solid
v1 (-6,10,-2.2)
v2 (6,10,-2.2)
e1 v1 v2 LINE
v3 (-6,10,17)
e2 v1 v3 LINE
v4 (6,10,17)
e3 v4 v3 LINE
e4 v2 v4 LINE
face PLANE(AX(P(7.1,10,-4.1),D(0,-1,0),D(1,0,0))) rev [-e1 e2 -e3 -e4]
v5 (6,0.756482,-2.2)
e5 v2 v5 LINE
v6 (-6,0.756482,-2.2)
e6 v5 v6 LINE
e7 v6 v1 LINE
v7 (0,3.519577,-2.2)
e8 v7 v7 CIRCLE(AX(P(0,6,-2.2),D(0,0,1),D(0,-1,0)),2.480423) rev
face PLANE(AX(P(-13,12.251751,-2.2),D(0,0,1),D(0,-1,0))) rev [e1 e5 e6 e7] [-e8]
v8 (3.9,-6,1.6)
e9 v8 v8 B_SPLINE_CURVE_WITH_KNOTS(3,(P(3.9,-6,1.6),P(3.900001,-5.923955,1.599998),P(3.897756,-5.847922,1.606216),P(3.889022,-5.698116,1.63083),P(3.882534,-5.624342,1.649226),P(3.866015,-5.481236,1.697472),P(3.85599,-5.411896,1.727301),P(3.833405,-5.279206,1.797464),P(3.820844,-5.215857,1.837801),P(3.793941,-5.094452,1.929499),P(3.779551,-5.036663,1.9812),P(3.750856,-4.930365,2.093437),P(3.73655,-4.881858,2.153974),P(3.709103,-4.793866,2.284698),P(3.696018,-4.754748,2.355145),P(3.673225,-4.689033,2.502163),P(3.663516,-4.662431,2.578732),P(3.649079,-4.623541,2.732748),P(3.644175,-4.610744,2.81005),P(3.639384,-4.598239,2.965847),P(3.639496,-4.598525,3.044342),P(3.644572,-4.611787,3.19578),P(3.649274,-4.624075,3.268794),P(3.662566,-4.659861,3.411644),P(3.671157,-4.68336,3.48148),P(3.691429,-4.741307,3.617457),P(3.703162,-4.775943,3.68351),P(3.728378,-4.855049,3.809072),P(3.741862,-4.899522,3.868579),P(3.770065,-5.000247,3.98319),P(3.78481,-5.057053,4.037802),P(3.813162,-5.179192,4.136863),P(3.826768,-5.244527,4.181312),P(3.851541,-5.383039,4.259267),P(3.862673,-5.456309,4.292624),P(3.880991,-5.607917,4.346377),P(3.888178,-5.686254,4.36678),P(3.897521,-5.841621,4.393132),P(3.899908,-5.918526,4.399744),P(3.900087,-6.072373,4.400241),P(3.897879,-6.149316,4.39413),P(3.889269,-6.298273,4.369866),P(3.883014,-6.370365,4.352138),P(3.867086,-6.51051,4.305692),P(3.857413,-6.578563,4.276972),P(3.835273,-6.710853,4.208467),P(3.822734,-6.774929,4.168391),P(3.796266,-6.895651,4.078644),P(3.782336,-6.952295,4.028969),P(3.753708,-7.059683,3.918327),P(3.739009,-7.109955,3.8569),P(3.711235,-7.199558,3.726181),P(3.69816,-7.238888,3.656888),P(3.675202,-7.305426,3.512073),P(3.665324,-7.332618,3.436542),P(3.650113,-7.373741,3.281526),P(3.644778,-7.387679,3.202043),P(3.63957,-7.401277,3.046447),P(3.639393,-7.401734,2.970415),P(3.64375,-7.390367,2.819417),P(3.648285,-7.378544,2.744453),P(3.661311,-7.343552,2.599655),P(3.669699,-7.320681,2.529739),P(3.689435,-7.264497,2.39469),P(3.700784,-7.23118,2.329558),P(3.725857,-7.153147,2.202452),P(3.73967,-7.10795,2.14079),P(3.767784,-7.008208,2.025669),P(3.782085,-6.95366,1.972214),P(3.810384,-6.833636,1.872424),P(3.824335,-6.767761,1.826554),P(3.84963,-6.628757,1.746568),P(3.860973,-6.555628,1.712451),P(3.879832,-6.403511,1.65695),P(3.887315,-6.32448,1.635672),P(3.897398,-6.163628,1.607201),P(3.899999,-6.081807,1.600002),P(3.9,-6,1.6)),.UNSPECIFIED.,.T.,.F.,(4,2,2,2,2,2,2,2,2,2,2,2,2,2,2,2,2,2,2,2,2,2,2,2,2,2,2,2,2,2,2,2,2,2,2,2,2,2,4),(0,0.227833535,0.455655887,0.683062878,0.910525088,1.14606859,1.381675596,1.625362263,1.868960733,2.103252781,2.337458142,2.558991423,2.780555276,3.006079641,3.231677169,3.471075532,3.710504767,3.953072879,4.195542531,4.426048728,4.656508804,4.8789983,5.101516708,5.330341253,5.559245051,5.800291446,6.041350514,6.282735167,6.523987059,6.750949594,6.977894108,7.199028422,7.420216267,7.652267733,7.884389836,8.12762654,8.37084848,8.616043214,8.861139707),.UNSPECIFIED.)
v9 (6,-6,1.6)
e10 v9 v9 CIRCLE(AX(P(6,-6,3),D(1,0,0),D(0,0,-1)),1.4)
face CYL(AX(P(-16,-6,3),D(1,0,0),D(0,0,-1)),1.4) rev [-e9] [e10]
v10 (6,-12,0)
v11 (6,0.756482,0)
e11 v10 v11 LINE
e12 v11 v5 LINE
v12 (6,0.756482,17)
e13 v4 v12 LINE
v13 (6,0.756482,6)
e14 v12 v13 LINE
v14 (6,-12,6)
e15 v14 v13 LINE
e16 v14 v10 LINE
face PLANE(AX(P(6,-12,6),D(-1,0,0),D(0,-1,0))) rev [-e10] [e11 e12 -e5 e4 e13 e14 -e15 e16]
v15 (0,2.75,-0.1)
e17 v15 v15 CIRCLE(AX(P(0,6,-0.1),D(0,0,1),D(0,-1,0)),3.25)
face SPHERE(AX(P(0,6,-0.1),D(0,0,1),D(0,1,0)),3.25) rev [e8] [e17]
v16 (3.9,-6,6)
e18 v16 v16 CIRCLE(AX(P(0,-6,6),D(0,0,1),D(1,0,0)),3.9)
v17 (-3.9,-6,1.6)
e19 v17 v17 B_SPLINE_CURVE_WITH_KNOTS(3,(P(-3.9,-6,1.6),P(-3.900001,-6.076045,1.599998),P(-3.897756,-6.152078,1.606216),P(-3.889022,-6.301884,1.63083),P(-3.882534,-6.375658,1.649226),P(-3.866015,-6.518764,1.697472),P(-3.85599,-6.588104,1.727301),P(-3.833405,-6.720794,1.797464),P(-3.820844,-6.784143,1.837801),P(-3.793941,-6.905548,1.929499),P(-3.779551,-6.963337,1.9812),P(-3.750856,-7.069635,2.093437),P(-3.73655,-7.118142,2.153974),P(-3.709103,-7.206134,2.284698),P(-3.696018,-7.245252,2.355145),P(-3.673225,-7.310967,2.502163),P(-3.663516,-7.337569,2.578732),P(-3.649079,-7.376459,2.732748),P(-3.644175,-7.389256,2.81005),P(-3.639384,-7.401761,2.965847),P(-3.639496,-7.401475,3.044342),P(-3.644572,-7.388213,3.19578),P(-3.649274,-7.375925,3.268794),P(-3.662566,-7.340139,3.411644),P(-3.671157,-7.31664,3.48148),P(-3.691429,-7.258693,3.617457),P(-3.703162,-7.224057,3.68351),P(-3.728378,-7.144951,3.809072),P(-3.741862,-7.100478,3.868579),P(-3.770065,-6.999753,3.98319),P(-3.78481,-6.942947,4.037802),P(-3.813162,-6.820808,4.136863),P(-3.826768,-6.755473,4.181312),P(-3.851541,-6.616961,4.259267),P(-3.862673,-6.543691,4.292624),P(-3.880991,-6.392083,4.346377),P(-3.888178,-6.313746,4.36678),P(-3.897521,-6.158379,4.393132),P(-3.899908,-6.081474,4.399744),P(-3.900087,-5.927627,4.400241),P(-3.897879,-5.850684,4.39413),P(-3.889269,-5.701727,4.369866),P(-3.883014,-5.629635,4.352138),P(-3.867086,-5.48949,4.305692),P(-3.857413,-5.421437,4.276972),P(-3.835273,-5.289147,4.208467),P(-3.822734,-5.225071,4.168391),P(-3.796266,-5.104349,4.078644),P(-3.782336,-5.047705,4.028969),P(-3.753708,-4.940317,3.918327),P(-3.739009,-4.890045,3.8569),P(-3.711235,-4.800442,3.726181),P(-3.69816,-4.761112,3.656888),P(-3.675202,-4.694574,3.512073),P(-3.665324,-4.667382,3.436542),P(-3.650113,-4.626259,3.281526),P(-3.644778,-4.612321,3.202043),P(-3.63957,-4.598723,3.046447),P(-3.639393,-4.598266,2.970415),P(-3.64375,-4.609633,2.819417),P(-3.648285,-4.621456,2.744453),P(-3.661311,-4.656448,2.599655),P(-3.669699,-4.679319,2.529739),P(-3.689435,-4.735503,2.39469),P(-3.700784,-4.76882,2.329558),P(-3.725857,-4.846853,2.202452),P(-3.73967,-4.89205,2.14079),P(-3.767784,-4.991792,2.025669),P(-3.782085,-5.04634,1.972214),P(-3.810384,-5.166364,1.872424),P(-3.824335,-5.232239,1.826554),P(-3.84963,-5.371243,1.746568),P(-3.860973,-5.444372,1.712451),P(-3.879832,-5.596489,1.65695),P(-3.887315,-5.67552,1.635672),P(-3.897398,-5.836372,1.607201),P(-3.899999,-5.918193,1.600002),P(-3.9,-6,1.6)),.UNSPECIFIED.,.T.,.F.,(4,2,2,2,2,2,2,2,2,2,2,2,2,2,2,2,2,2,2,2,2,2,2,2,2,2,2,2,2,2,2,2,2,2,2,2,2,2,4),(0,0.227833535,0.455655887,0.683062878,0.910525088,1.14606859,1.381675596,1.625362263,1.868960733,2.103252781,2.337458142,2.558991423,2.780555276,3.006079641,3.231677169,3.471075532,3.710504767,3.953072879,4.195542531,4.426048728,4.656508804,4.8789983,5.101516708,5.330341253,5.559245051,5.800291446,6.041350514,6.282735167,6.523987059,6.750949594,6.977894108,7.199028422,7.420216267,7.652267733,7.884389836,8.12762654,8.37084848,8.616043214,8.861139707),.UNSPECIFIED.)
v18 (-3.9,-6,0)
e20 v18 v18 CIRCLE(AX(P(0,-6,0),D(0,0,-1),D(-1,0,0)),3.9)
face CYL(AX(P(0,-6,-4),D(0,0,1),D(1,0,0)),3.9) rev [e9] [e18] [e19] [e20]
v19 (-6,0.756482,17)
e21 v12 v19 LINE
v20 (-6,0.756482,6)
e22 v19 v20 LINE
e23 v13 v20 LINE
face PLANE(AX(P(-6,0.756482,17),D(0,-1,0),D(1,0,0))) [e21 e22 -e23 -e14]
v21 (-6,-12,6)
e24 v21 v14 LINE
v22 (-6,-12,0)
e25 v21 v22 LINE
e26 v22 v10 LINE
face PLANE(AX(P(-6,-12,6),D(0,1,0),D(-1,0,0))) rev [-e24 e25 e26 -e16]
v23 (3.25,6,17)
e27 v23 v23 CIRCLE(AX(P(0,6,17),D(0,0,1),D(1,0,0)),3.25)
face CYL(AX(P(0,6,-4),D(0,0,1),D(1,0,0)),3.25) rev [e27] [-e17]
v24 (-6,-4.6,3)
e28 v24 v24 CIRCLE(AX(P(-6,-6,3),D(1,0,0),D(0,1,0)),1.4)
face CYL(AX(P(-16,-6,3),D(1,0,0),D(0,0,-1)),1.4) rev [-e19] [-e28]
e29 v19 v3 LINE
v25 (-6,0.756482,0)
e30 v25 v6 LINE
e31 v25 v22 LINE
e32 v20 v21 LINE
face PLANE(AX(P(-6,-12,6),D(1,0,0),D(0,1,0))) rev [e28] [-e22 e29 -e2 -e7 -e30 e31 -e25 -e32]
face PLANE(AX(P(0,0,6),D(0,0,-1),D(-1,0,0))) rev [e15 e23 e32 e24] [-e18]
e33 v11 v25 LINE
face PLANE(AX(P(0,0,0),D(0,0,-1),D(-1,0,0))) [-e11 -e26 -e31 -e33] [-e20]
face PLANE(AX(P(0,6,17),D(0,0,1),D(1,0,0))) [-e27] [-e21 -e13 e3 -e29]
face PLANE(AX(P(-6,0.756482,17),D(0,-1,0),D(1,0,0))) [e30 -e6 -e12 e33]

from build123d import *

# Parameters (mm, degrees)
ESQUISSE1_W             = 12
ESQUISSE1_H             = 24
BOSS_EXTRU_1_DEPTH      = 6
ESQUISSE3_R             = 3.25
ENL_V_MAT_EXTRU_1_DEPTH = 10
ESQUISSE2_R             = 3.9
ENL_V_MAT_EXTRU_2_DEPTH = 10
ESQUISSE5_R             = 1.4
ENL_V_MAT_EXTRU_3_DEPTH = 22
ESQUISSE6_R             = 4.5
ESQUISSE6_R_2           = 3.25
BOSS_EXTRU_4_DEPTH      = 0.1
ESQUISSE8_W             = 21.223716878
ESQUISSE8_H             = 12.113313322
ENL_V_MAT_EXTRU_4_DEPTH = 19
ESQUISSE9_R             = 1.625
ENL_V_MAT_EXTRU_5_DEPTH = 19
ESQUISSE4_R             = 5
ESQUISSE4_R_2           = 3.25
BOSS_EXTRU_5_DEPTH      = 11
ESQUISSE11_W            = 12
ESQUISSE11_H            = 11.243517906
ESQUISSE11_R            = 3.25
BOSS_EXTRU_6_DEPTH      = 2.2
BOSS_EXTRU_6_DEPTH_BACK = 17
ESQUISSE12_W            = 21.1
ESQUISSE12_H            = 2
ENL_V_MAT_EXTRU_6_DEPTH = 13.1


with BuildPart() as part:
    # Esquisse1 → Boss.-Extru.1 (new body)
    with BuildSketch(Plane.XY):
        Rectangle(ESQUISSE1_W, ESQUISSE1_H)
    extrude(amount=BOSS_EXTRU_1_DEPTH)

    # Esquisse3 → Enlèv. mat.-Extru.1 (cut)
    with BuildSketch(Plane.XY.offset(6)):
        with Locations((0, 6)):
            Circle(ESQUISSE3_R)
    extrude(amount=-ENL_V_MAT_EXTRU_1_DEPTH, mode=Mode.SUBTRACT)

    # Esquisse2 → Enlèv. mat.-Extru.2 (cut)
    with BuildSketch(Plane.XY.offset(6)):
        with Locations((0, -6)):
            Circle(ESQUISSE2_R)
    extrude(amount=-ENL_V_MAT_EXTRU_2_DEPTH, mode=Mode.SUBTRACT)

    # Esquisse5 → Enlèv. mat.-Extru.3 (cut)
    with BuildSketch(Plane(origin=(6, 0, 0), x_dir=(0, 0, -1), z_dir=(1, 0, 0))):
        with Locations((-3, -6)):
            Circle(ESQUISSE5_R)
    extrude(amount=-ENL_V_MAT_EXTRU_3_DEPTH, mode=Mode.SUBTRACT)

    # Esquisse6 → Boss.-Extru.4 (add)
    with BuildSketch(Plane(origin=(0, 0, 0), x_dir=(-1, 0, 0), z_dir=(0, 0, -1))):
        with Locations((0, 6)):
            Circle(ESQUISSE6_R)
        with Locations(Location((0, 6, 0), (0, 0, 180))):
            Circle(ESQUISSE6_R_2, mode=Mode.SUBTRACT)
    extrude(amount=BOSS_EXTRU_4_DEPTH)

    # Esquisse7 → Révolution1 (revolve)
    with BuildSketch(Plane(origin=(0, 0, 0), x_dir=(0, 0, -1), z_dir=(1, 0, 0)), mode=Mode.PRIVATE) as r_volution1_sk:
        with BuildLine():
            Line((0.1, 10.5), (0.1, 9.25))
            ThreePointArc((0.1, 9.25), (2.398097039, 8.298097039), (3.35, 6))
            Line((3.35, 6), (4.6, 6))
            ThreePointArc((4.6, 6), (3.281980515, 9.181980515), (0.1, 10.5))
        make_face()
    revolve(r_volution1_sk.sketch.rotate(Axis((0, 6, -0.1), (0, 0, -1)), 90), axis=Axis((0, 6, -0.1), (0, 0, -1)))

    # Esquisse8 → Enlèv. mat.-Extru.4 (cut)
    with BuildSketch(Plane(origin=(6, 0, 0), x_dir=(0, 0, -1), z_dir=(1, 0, 0))):
        with Locations((12.811858439, 6.195094528)):
            Rectangle(ESQUISSE8_W, ESQUISSE8_H)
    extrude(amount=-ENL_V_MAT_EXTRU_4_DEPTH, mode=Mode.SUBTRACT)

    # Esquisse9 → Enlèv. mat.-Extru.5 (cut)
    with BuildSketch(Plane(origin=(6, 0, 0), x_dir=(0, 0, -1), z_dir=(1, 0, 0))):
        with Locations((-3, 6)):
            Circle(ESQUISSE9_R)
    extrude(amount=-ENL_V_MAT_EXTRU_5_DEPTH, mode=Mode.SUBTRACT)

    # Esquisse4 → Boss.-Extru.5 (add)
    with BuildSketch(Plane.XY.offset(6)):
        with Locations(Location((0, 6, 0), (0, 0, 180))):
            Circle(ESQUISSE4_R)
        with Locations((0, 6)):
            Circle(ESQUISSE4_R_2, mode=Mode.SUBTRACT)
    extrude(amount=BOSS_EXTRU_5_DEPTH)

    # Esquisse11 → Boss.-Extru.6 (add, two sides)
    with BuildSketch(Plane(origin=(0, 0, 0), x_dir=(-1, 0, 0), z_dir=(0, 0, -1))) as boss_extru_6_sk:
        with Locations((0, 6.378241047)):
            Rectangle(ESQUISSE11_W, ESQUISSE11_H)
        with Locations(Location((0, 6, 0), (0, 0, 180))):
            Circle(ESQUISSE11_R, mode=Mode.SUBTRACT)
    extrude(amount=BOSS_EXTRU_6_DEPTH)
    extrude(boss_extru_6_sk.sketch, amount=-BOSS_EXTRU_6_DEPTH_BACK)

    # Esquisse12 → Enlèv. mat.-Extru.6 (cut)
    with BuildSketch(Plane.ZY.offset(6)):
        with Locations((6.45, 11)):
            Rectangle(ESQUISSE12_W, ESQUISSE12_H)
    extrude(amount=-ENL_V_MAT_EXTRU_6_DEPTH, mode=Mode.SUBTRACT)


solid = part.part
